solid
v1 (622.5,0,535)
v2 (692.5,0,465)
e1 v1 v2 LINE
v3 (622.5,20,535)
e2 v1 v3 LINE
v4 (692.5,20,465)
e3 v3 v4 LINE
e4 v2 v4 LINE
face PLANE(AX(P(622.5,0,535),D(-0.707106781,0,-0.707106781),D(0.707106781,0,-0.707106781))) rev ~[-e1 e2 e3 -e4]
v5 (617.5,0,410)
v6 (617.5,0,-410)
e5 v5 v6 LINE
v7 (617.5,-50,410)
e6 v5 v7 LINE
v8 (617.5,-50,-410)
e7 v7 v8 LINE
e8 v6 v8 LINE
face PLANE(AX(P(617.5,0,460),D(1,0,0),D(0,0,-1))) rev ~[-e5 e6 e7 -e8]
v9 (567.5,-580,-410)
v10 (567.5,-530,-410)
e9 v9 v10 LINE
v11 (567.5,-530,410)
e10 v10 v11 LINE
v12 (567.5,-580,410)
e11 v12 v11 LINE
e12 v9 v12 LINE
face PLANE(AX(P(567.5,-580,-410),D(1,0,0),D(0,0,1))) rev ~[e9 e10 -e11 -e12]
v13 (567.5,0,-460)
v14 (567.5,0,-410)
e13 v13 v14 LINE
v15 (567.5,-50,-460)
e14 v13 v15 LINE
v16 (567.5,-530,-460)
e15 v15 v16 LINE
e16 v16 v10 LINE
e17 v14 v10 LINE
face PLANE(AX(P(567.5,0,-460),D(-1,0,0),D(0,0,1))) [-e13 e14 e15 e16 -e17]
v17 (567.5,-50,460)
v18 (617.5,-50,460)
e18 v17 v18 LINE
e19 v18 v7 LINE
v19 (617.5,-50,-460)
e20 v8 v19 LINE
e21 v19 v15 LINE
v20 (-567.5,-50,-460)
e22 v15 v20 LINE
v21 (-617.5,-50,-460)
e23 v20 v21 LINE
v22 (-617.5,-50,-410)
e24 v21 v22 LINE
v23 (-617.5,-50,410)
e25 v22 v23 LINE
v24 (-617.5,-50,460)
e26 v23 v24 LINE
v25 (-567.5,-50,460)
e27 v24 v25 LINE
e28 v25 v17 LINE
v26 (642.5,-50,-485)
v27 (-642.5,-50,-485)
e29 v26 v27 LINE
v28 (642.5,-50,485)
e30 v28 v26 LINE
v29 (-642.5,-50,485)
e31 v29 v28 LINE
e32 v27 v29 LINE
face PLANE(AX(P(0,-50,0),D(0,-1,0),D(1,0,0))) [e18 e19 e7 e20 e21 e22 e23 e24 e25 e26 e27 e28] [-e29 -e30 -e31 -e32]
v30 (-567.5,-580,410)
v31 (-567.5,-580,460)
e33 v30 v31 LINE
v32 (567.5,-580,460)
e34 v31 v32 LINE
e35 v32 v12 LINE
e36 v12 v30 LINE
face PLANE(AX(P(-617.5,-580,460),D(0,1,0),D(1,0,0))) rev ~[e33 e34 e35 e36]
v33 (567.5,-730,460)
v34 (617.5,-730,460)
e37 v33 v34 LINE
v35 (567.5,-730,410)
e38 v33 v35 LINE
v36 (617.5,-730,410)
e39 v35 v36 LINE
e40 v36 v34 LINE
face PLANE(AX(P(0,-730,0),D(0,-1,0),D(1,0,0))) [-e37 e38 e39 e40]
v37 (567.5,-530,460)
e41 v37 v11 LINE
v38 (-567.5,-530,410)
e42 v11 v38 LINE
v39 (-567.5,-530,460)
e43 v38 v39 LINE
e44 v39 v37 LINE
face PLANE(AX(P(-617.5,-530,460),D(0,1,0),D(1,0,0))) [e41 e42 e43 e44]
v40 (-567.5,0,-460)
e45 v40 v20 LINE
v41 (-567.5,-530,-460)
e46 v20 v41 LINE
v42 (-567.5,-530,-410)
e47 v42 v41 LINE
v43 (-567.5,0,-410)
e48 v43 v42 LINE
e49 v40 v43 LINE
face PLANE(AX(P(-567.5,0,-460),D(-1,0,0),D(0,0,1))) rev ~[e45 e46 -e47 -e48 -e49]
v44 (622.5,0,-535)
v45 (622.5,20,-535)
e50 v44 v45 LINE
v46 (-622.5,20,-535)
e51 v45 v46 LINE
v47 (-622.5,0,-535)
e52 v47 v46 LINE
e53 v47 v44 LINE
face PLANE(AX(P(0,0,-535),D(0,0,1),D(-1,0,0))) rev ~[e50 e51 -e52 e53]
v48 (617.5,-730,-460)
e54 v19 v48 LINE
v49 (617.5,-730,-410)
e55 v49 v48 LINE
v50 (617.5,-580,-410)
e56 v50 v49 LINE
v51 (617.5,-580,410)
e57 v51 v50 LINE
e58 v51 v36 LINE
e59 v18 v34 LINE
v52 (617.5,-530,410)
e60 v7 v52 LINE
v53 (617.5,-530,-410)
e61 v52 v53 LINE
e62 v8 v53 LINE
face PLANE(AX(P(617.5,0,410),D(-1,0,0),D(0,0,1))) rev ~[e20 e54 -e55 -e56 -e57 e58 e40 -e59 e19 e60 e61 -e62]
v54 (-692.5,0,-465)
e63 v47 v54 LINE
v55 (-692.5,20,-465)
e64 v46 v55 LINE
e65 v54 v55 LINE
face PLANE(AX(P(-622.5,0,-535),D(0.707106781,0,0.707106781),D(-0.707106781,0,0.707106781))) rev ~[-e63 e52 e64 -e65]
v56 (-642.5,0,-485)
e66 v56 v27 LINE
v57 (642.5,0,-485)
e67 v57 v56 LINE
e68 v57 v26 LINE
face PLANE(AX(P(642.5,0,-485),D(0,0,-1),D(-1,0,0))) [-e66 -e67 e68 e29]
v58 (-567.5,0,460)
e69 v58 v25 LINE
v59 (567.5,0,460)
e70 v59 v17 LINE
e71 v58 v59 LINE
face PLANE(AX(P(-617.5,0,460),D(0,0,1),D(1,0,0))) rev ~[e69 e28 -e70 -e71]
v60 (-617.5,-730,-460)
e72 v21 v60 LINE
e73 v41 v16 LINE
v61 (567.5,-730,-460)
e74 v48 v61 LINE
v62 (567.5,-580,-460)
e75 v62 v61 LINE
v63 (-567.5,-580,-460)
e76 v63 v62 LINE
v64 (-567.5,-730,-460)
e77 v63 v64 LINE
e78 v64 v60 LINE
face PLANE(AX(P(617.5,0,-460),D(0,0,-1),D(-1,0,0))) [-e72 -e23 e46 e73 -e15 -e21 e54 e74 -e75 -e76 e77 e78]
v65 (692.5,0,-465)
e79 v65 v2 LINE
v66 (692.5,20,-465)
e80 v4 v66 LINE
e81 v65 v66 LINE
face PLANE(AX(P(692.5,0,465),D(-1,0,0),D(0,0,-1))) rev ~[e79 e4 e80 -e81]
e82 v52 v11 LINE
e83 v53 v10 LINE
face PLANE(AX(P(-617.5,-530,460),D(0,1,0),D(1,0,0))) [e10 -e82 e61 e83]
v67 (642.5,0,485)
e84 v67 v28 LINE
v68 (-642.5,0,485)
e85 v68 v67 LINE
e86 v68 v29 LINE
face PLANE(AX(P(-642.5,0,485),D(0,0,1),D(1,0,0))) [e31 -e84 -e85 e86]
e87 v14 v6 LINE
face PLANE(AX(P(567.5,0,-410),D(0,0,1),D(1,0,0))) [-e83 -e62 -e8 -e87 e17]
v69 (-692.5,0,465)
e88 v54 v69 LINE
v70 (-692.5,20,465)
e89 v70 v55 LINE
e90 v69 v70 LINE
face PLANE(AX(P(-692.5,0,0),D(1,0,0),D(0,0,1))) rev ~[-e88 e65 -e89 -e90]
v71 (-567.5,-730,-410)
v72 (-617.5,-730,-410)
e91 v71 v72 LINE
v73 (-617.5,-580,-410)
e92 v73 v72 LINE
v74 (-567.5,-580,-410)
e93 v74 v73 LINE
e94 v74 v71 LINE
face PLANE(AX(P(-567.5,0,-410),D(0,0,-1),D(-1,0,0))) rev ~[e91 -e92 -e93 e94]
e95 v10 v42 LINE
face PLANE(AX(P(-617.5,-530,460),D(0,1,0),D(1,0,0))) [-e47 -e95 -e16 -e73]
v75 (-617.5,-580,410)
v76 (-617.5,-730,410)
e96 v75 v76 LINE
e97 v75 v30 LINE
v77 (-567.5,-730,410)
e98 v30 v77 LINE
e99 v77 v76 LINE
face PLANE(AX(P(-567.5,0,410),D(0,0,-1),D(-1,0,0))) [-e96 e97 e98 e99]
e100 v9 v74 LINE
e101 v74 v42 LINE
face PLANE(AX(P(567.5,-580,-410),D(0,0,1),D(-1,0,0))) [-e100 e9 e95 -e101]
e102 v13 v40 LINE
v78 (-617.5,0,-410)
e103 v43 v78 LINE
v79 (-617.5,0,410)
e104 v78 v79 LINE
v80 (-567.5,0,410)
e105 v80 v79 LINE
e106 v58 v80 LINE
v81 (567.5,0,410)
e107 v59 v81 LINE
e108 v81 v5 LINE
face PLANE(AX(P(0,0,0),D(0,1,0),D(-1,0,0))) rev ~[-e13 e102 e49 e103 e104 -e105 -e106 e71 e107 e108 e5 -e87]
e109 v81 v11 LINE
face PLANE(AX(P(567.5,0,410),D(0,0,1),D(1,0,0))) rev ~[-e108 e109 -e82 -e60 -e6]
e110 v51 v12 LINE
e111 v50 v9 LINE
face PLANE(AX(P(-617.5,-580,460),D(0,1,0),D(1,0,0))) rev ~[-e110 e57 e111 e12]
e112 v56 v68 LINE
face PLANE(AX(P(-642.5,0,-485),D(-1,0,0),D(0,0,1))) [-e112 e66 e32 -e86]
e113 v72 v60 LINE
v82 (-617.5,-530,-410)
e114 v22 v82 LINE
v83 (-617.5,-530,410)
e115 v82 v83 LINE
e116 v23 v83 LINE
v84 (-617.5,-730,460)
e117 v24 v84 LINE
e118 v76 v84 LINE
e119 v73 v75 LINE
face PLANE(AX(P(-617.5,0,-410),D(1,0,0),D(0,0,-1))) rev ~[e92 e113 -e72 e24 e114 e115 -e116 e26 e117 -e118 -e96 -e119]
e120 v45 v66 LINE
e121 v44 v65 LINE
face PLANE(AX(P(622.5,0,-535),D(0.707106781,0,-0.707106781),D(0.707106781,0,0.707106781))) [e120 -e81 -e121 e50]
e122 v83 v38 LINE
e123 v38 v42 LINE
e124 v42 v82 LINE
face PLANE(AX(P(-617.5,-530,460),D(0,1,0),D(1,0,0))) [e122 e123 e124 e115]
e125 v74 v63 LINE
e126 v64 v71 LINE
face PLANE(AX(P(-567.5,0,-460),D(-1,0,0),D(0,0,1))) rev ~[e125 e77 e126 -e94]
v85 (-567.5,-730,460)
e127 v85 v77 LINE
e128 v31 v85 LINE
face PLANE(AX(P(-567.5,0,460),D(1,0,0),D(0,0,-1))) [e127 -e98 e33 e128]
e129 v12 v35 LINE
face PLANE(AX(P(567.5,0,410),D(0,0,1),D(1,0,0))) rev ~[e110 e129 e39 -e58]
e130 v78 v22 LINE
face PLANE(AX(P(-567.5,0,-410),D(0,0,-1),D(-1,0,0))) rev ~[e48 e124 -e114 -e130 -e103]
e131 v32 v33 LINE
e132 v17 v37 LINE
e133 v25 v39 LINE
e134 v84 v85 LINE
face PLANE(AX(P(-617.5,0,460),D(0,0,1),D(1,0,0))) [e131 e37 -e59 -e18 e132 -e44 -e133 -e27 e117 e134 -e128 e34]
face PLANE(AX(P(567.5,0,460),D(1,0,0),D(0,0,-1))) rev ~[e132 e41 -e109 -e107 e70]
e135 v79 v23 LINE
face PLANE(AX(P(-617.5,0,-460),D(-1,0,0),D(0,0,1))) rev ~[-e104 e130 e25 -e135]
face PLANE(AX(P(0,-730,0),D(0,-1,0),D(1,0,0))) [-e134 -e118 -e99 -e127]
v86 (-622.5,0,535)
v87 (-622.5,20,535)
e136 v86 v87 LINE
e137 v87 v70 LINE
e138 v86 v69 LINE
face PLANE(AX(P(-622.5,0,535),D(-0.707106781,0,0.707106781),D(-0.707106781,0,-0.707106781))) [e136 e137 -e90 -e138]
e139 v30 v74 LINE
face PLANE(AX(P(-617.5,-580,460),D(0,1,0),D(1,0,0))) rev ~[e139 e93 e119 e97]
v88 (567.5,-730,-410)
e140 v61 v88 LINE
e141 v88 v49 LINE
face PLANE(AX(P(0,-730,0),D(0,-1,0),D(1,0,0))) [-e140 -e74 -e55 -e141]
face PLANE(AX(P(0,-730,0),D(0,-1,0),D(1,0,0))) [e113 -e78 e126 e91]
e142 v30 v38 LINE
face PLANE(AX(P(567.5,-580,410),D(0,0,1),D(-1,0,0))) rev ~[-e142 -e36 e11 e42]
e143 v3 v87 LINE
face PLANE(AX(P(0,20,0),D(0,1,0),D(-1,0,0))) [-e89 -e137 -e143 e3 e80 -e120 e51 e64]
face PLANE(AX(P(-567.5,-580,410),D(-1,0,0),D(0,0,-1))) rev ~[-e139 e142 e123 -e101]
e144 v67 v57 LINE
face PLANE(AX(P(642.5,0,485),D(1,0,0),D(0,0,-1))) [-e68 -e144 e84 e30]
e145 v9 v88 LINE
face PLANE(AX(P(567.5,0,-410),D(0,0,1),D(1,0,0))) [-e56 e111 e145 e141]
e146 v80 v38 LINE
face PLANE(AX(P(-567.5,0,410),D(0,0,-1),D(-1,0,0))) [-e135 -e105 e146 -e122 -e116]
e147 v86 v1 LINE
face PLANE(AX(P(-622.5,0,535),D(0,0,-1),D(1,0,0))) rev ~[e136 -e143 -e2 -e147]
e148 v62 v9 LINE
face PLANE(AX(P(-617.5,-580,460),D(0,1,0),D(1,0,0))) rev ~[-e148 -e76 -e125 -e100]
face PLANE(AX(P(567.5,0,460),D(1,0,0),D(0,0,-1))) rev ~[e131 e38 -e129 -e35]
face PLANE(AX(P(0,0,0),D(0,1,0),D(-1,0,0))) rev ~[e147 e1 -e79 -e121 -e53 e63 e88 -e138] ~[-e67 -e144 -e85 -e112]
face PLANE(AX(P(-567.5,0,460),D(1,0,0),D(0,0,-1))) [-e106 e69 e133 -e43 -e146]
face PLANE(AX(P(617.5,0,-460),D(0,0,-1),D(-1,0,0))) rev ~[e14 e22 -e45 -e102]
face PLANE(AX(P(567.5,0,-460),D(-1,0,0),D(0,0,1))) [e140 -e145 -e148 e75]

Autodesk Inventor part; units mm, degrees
ref_plane "YZ Plane" through (0, 0, 0) normal (1, 0, 0) x (0, 1, 0)
ref_plane "XZ Plane" through (0, 0, 0) normal (0, 1, 0) x (-1, 0, 0)
sketch "Boceto1" plane through (0, 0, 0) normal (0, 1, 0) x (-1, 0, 0)
  line L0 (692.5, 535) -> (-692.5, 535)
  line L1 (-692.5, 535) -> (-692.5, -535)
  line L2 (-692.5, -535) -> (692.5, -535)
  line L3 (692.5, -535) -> (692.5, 535)
  line L4 (622.5, 535) -> (692.5, 465)
  line L5 (692.5, 0) -> (-692.5, 0)
  line L6 (0, 535) -> (0, -535)
  line L7 (622.5, -535) -> (692.5, -465)
  line L8 (-622.5, 535) -> (-692.5, 465)
  line L9 (-622.5, -535) -> (-692.5, -465)
  point P0 (0, 0)
  point P1 (-622.5, 535)
  point P2 (-692.5, 465)
  point P3 (-692.5, -465)
  point P4 (-622.5, -535)
  point P5 (622.5, -535)
  point P6 (692.5, -465)
  dimension "d0" = 1070
  dimension "d1" = 1385
  dimension "d2" = 692.5
  dimension "d3" = 535
  dimension "d4" = 70
  dimension "d5" = 70
extrude "Extrusión1" add sketch "Boceto1" along normal blind 20 contours L4 L3 L5 L6 L0 | L6 L5 L1 L8 L0 | L3 L7 L2 L6 L5 | L6 L2 L9 L1 L5
sketch "Boceto2" plane through (0, 0, 0) normal (0, -1, 0) x (1, 0, 0)
  line L0 (-642.5, 485) -> (642.5, 485)
  line L1 (642.5, 485) -> (642.5, -485)
  line L2 (642.5, -485) -> (-642.5, -485)
  line L3 (-642.5, -485) -> (-642.5, 485)
  line L4 (-622.5, 535) -> (622.5, 535) projected
  line L5 (-692.5, -465) -> (-692.5, 465) projected
  line L6 (622.5, -535) -> (-622.5, -535) projected
  line L7 (692.5, 465) -> (692.5, -465) projected
  line L8 (-617.5, 460) -> (617.5, 460)
  line L9 (617.5, 460) -> (617.5, -460)
  line L10 (617.5, -460) -> (-617.5, -460)
  line L11 (-617.5, -460) -> (-617.5, 460)
  point P0 (0, 0)
  dimension "d8" = 50
  dimension "d9" = 50
  dimension "d10" = 50
  dimension "d11" = 50
  dimension "d12" = 25
  dimension "d13" = 25
  dimension "d14" = 25
  dimension "d15" = 25
extrude "Extrusión2" add sketch "Boceto2" along normal blind 50
sketch "Boceto3" plane through (0, 0, 0) normal (0, -1, 0) x (1, 0, 0)
  line L0 (-617.5, 460) -> (617.5, 460) projected
  line L1 (-617.5, 460) -> (-567.5, 460)
  line L2 (-567.5, 460) -> (-567.5, 410)
  line L3 (-567.5, 410) -> (-617.5, 410)
  line L4 (-617.5, 410) -> (-617.5, 460)
  line L5 (0, 460) -> (0, -460)
  line L6 (617.5, -460) -> (-617.5, -460) projected
  line L7 (-617.5, 460) -> (-617.5, -460) projected
  line L8 (-617.5, 0) -> (472.5, 0)
  line L9 (617.5, 460) -> (567.5, 460)
  line L10 (567.5, 460) -> (567.5, 410)
  line L11 (567.5, 410) -> (617.5, 410)
  line L12 (617.5, 410) -> (617.5, 460)
  line L13 (-617.5, -460) -> (-567.5, -460)
  line L14 (-567.5, -460) -> (-567.5, -410)
  line L15 (-567.5, -410) -> (-617.5, -410)
  line L16 (-617.5, -410) -> (-617.5, -460)
  line L17 (617.5, -460) -> (567.5, -460)
  line L18 (567.5, -460) -> (567.5, -410)
  line L19 (567.5, -410) -> (617.5, -410)
  line L20 (617.5, -410) -> (617.5, -460)
  point P0 (0, 0)
  point P1 (567.5, 460)
  point P2 (567.5, -460)
  point P3 (-617.5, -410)
  point P4 (-567.5, -460)
  dimension "d18" = 50
  dimension "d19" = 50
extrude "Extrusión3" add sketch "Boceto3" along normal blind 730 contours L0 L12 L11 L10 | L18 L19 L20 L6 | L0 L2 L3 L4 | L15 L14 L6 L7
sketch "Boceto4" plane through (-617.5, -50, 460) normal (0, 0, 1) x (1, 0, 0)
  line L0 (0, 0) -> (0, -680) projected
  line L1 (0, -530) -> (50, -530)
  line L2 (50, 0) -> (50, -680) projected
  line L3 (50, -680) -> (0, -680) projected
  point P0 (617.5, 50)
  dimension "d23" = 150
sketch "Boceto5" plane through (567.5, 0, -410) normal (0, 0, 1) x (1, 0, 0)
  line L0 (0, -50) -> (0, -730) projected
  line L1 (0, -580) -> (50, -580)
  line L2 (50, -50) -> (50, -730) projected
  line L3 (50, -730) -> (0, -730) projected
  point P0 (-567.5, 0)
  dimension "d24" = 150
ref_plane "Plano de trabajo2" through (-617.5, -580, 460) normal (0, 1, 0) x (1, 0, 0)
sketch "Boceto6" plane through (-617.5, -580, 460) normal (0, 1, 0) x (1, 0, 0)
  line L0 (0, 0) -> (50, 0) projected
  line L1 (1235, 50) -> (1185, 50) projected
  line L2 (50, 0) -> (1185, 0)
  line L3 (1185, 0) -> (1185, 50)
  line L4 (1185, 50) -> (50, 50)
  line L5 (50, 50) -> (50, 0)
  line L6 (1185, 50) -> (1185, 0) projected
  line L7 (1235, 50) -> (1235, 870) projected
  line L8 (1185, 50) -> (1235, 50)
  line L9 (1235, 50) -> (1235, 870)
  line L10 (1235, 870) -> (1185, 870)
  line L11 (1185, 870) -> (1185, 50)
  line L12 (1185, 920) -> (1185, 870) projected
  line L13 (50, 870) -> (50, 920) projected
  line L14 (1185, 870) -> (50, 870)
  line L15 (50, 870) -> (50, 920)
  line L16 (50, 920) -> (1185, 920)
  line L17 (1185, 920) -> (1185, 870)
  line L18 (0, 870) -> (0, 50) projected
  line L19 (50, 870) -> (0, 870)
  line L20 (0, 870) -> (0, 50)
  line L21 (0, 50) -> (50, 50)
  line L22 (50, 50) -> (50, 870)
  point P0 (617.5, 460)
  point P1 (50, 50)
  point P2 (50, 50)
  point P3 (50, 870)
  point P4 (50, 870)
  point P5 (0, 870)
extrude "Extrusión4" add sketch "Boceto6" along normal blind 50 contours L1 L11 L10 L7 | L3 L2 L5 L4 | L21 L18 L19 L22 | L14 L13 L16 L12
equation "\"d2\" = 0.5 * d1"
equation "\"d3\" = 0.5 * d0"
equation "\"d9\" = d8"
equation "\"d10\" = d8"
equation "\"d11\" = d9"
equation "\"d13\" = d12"
equation "\"d14\" = d12"
equation "\"d15\" = d12"
equation "\"d18\" = d19"
properties part number "Mesa_Centrado"
